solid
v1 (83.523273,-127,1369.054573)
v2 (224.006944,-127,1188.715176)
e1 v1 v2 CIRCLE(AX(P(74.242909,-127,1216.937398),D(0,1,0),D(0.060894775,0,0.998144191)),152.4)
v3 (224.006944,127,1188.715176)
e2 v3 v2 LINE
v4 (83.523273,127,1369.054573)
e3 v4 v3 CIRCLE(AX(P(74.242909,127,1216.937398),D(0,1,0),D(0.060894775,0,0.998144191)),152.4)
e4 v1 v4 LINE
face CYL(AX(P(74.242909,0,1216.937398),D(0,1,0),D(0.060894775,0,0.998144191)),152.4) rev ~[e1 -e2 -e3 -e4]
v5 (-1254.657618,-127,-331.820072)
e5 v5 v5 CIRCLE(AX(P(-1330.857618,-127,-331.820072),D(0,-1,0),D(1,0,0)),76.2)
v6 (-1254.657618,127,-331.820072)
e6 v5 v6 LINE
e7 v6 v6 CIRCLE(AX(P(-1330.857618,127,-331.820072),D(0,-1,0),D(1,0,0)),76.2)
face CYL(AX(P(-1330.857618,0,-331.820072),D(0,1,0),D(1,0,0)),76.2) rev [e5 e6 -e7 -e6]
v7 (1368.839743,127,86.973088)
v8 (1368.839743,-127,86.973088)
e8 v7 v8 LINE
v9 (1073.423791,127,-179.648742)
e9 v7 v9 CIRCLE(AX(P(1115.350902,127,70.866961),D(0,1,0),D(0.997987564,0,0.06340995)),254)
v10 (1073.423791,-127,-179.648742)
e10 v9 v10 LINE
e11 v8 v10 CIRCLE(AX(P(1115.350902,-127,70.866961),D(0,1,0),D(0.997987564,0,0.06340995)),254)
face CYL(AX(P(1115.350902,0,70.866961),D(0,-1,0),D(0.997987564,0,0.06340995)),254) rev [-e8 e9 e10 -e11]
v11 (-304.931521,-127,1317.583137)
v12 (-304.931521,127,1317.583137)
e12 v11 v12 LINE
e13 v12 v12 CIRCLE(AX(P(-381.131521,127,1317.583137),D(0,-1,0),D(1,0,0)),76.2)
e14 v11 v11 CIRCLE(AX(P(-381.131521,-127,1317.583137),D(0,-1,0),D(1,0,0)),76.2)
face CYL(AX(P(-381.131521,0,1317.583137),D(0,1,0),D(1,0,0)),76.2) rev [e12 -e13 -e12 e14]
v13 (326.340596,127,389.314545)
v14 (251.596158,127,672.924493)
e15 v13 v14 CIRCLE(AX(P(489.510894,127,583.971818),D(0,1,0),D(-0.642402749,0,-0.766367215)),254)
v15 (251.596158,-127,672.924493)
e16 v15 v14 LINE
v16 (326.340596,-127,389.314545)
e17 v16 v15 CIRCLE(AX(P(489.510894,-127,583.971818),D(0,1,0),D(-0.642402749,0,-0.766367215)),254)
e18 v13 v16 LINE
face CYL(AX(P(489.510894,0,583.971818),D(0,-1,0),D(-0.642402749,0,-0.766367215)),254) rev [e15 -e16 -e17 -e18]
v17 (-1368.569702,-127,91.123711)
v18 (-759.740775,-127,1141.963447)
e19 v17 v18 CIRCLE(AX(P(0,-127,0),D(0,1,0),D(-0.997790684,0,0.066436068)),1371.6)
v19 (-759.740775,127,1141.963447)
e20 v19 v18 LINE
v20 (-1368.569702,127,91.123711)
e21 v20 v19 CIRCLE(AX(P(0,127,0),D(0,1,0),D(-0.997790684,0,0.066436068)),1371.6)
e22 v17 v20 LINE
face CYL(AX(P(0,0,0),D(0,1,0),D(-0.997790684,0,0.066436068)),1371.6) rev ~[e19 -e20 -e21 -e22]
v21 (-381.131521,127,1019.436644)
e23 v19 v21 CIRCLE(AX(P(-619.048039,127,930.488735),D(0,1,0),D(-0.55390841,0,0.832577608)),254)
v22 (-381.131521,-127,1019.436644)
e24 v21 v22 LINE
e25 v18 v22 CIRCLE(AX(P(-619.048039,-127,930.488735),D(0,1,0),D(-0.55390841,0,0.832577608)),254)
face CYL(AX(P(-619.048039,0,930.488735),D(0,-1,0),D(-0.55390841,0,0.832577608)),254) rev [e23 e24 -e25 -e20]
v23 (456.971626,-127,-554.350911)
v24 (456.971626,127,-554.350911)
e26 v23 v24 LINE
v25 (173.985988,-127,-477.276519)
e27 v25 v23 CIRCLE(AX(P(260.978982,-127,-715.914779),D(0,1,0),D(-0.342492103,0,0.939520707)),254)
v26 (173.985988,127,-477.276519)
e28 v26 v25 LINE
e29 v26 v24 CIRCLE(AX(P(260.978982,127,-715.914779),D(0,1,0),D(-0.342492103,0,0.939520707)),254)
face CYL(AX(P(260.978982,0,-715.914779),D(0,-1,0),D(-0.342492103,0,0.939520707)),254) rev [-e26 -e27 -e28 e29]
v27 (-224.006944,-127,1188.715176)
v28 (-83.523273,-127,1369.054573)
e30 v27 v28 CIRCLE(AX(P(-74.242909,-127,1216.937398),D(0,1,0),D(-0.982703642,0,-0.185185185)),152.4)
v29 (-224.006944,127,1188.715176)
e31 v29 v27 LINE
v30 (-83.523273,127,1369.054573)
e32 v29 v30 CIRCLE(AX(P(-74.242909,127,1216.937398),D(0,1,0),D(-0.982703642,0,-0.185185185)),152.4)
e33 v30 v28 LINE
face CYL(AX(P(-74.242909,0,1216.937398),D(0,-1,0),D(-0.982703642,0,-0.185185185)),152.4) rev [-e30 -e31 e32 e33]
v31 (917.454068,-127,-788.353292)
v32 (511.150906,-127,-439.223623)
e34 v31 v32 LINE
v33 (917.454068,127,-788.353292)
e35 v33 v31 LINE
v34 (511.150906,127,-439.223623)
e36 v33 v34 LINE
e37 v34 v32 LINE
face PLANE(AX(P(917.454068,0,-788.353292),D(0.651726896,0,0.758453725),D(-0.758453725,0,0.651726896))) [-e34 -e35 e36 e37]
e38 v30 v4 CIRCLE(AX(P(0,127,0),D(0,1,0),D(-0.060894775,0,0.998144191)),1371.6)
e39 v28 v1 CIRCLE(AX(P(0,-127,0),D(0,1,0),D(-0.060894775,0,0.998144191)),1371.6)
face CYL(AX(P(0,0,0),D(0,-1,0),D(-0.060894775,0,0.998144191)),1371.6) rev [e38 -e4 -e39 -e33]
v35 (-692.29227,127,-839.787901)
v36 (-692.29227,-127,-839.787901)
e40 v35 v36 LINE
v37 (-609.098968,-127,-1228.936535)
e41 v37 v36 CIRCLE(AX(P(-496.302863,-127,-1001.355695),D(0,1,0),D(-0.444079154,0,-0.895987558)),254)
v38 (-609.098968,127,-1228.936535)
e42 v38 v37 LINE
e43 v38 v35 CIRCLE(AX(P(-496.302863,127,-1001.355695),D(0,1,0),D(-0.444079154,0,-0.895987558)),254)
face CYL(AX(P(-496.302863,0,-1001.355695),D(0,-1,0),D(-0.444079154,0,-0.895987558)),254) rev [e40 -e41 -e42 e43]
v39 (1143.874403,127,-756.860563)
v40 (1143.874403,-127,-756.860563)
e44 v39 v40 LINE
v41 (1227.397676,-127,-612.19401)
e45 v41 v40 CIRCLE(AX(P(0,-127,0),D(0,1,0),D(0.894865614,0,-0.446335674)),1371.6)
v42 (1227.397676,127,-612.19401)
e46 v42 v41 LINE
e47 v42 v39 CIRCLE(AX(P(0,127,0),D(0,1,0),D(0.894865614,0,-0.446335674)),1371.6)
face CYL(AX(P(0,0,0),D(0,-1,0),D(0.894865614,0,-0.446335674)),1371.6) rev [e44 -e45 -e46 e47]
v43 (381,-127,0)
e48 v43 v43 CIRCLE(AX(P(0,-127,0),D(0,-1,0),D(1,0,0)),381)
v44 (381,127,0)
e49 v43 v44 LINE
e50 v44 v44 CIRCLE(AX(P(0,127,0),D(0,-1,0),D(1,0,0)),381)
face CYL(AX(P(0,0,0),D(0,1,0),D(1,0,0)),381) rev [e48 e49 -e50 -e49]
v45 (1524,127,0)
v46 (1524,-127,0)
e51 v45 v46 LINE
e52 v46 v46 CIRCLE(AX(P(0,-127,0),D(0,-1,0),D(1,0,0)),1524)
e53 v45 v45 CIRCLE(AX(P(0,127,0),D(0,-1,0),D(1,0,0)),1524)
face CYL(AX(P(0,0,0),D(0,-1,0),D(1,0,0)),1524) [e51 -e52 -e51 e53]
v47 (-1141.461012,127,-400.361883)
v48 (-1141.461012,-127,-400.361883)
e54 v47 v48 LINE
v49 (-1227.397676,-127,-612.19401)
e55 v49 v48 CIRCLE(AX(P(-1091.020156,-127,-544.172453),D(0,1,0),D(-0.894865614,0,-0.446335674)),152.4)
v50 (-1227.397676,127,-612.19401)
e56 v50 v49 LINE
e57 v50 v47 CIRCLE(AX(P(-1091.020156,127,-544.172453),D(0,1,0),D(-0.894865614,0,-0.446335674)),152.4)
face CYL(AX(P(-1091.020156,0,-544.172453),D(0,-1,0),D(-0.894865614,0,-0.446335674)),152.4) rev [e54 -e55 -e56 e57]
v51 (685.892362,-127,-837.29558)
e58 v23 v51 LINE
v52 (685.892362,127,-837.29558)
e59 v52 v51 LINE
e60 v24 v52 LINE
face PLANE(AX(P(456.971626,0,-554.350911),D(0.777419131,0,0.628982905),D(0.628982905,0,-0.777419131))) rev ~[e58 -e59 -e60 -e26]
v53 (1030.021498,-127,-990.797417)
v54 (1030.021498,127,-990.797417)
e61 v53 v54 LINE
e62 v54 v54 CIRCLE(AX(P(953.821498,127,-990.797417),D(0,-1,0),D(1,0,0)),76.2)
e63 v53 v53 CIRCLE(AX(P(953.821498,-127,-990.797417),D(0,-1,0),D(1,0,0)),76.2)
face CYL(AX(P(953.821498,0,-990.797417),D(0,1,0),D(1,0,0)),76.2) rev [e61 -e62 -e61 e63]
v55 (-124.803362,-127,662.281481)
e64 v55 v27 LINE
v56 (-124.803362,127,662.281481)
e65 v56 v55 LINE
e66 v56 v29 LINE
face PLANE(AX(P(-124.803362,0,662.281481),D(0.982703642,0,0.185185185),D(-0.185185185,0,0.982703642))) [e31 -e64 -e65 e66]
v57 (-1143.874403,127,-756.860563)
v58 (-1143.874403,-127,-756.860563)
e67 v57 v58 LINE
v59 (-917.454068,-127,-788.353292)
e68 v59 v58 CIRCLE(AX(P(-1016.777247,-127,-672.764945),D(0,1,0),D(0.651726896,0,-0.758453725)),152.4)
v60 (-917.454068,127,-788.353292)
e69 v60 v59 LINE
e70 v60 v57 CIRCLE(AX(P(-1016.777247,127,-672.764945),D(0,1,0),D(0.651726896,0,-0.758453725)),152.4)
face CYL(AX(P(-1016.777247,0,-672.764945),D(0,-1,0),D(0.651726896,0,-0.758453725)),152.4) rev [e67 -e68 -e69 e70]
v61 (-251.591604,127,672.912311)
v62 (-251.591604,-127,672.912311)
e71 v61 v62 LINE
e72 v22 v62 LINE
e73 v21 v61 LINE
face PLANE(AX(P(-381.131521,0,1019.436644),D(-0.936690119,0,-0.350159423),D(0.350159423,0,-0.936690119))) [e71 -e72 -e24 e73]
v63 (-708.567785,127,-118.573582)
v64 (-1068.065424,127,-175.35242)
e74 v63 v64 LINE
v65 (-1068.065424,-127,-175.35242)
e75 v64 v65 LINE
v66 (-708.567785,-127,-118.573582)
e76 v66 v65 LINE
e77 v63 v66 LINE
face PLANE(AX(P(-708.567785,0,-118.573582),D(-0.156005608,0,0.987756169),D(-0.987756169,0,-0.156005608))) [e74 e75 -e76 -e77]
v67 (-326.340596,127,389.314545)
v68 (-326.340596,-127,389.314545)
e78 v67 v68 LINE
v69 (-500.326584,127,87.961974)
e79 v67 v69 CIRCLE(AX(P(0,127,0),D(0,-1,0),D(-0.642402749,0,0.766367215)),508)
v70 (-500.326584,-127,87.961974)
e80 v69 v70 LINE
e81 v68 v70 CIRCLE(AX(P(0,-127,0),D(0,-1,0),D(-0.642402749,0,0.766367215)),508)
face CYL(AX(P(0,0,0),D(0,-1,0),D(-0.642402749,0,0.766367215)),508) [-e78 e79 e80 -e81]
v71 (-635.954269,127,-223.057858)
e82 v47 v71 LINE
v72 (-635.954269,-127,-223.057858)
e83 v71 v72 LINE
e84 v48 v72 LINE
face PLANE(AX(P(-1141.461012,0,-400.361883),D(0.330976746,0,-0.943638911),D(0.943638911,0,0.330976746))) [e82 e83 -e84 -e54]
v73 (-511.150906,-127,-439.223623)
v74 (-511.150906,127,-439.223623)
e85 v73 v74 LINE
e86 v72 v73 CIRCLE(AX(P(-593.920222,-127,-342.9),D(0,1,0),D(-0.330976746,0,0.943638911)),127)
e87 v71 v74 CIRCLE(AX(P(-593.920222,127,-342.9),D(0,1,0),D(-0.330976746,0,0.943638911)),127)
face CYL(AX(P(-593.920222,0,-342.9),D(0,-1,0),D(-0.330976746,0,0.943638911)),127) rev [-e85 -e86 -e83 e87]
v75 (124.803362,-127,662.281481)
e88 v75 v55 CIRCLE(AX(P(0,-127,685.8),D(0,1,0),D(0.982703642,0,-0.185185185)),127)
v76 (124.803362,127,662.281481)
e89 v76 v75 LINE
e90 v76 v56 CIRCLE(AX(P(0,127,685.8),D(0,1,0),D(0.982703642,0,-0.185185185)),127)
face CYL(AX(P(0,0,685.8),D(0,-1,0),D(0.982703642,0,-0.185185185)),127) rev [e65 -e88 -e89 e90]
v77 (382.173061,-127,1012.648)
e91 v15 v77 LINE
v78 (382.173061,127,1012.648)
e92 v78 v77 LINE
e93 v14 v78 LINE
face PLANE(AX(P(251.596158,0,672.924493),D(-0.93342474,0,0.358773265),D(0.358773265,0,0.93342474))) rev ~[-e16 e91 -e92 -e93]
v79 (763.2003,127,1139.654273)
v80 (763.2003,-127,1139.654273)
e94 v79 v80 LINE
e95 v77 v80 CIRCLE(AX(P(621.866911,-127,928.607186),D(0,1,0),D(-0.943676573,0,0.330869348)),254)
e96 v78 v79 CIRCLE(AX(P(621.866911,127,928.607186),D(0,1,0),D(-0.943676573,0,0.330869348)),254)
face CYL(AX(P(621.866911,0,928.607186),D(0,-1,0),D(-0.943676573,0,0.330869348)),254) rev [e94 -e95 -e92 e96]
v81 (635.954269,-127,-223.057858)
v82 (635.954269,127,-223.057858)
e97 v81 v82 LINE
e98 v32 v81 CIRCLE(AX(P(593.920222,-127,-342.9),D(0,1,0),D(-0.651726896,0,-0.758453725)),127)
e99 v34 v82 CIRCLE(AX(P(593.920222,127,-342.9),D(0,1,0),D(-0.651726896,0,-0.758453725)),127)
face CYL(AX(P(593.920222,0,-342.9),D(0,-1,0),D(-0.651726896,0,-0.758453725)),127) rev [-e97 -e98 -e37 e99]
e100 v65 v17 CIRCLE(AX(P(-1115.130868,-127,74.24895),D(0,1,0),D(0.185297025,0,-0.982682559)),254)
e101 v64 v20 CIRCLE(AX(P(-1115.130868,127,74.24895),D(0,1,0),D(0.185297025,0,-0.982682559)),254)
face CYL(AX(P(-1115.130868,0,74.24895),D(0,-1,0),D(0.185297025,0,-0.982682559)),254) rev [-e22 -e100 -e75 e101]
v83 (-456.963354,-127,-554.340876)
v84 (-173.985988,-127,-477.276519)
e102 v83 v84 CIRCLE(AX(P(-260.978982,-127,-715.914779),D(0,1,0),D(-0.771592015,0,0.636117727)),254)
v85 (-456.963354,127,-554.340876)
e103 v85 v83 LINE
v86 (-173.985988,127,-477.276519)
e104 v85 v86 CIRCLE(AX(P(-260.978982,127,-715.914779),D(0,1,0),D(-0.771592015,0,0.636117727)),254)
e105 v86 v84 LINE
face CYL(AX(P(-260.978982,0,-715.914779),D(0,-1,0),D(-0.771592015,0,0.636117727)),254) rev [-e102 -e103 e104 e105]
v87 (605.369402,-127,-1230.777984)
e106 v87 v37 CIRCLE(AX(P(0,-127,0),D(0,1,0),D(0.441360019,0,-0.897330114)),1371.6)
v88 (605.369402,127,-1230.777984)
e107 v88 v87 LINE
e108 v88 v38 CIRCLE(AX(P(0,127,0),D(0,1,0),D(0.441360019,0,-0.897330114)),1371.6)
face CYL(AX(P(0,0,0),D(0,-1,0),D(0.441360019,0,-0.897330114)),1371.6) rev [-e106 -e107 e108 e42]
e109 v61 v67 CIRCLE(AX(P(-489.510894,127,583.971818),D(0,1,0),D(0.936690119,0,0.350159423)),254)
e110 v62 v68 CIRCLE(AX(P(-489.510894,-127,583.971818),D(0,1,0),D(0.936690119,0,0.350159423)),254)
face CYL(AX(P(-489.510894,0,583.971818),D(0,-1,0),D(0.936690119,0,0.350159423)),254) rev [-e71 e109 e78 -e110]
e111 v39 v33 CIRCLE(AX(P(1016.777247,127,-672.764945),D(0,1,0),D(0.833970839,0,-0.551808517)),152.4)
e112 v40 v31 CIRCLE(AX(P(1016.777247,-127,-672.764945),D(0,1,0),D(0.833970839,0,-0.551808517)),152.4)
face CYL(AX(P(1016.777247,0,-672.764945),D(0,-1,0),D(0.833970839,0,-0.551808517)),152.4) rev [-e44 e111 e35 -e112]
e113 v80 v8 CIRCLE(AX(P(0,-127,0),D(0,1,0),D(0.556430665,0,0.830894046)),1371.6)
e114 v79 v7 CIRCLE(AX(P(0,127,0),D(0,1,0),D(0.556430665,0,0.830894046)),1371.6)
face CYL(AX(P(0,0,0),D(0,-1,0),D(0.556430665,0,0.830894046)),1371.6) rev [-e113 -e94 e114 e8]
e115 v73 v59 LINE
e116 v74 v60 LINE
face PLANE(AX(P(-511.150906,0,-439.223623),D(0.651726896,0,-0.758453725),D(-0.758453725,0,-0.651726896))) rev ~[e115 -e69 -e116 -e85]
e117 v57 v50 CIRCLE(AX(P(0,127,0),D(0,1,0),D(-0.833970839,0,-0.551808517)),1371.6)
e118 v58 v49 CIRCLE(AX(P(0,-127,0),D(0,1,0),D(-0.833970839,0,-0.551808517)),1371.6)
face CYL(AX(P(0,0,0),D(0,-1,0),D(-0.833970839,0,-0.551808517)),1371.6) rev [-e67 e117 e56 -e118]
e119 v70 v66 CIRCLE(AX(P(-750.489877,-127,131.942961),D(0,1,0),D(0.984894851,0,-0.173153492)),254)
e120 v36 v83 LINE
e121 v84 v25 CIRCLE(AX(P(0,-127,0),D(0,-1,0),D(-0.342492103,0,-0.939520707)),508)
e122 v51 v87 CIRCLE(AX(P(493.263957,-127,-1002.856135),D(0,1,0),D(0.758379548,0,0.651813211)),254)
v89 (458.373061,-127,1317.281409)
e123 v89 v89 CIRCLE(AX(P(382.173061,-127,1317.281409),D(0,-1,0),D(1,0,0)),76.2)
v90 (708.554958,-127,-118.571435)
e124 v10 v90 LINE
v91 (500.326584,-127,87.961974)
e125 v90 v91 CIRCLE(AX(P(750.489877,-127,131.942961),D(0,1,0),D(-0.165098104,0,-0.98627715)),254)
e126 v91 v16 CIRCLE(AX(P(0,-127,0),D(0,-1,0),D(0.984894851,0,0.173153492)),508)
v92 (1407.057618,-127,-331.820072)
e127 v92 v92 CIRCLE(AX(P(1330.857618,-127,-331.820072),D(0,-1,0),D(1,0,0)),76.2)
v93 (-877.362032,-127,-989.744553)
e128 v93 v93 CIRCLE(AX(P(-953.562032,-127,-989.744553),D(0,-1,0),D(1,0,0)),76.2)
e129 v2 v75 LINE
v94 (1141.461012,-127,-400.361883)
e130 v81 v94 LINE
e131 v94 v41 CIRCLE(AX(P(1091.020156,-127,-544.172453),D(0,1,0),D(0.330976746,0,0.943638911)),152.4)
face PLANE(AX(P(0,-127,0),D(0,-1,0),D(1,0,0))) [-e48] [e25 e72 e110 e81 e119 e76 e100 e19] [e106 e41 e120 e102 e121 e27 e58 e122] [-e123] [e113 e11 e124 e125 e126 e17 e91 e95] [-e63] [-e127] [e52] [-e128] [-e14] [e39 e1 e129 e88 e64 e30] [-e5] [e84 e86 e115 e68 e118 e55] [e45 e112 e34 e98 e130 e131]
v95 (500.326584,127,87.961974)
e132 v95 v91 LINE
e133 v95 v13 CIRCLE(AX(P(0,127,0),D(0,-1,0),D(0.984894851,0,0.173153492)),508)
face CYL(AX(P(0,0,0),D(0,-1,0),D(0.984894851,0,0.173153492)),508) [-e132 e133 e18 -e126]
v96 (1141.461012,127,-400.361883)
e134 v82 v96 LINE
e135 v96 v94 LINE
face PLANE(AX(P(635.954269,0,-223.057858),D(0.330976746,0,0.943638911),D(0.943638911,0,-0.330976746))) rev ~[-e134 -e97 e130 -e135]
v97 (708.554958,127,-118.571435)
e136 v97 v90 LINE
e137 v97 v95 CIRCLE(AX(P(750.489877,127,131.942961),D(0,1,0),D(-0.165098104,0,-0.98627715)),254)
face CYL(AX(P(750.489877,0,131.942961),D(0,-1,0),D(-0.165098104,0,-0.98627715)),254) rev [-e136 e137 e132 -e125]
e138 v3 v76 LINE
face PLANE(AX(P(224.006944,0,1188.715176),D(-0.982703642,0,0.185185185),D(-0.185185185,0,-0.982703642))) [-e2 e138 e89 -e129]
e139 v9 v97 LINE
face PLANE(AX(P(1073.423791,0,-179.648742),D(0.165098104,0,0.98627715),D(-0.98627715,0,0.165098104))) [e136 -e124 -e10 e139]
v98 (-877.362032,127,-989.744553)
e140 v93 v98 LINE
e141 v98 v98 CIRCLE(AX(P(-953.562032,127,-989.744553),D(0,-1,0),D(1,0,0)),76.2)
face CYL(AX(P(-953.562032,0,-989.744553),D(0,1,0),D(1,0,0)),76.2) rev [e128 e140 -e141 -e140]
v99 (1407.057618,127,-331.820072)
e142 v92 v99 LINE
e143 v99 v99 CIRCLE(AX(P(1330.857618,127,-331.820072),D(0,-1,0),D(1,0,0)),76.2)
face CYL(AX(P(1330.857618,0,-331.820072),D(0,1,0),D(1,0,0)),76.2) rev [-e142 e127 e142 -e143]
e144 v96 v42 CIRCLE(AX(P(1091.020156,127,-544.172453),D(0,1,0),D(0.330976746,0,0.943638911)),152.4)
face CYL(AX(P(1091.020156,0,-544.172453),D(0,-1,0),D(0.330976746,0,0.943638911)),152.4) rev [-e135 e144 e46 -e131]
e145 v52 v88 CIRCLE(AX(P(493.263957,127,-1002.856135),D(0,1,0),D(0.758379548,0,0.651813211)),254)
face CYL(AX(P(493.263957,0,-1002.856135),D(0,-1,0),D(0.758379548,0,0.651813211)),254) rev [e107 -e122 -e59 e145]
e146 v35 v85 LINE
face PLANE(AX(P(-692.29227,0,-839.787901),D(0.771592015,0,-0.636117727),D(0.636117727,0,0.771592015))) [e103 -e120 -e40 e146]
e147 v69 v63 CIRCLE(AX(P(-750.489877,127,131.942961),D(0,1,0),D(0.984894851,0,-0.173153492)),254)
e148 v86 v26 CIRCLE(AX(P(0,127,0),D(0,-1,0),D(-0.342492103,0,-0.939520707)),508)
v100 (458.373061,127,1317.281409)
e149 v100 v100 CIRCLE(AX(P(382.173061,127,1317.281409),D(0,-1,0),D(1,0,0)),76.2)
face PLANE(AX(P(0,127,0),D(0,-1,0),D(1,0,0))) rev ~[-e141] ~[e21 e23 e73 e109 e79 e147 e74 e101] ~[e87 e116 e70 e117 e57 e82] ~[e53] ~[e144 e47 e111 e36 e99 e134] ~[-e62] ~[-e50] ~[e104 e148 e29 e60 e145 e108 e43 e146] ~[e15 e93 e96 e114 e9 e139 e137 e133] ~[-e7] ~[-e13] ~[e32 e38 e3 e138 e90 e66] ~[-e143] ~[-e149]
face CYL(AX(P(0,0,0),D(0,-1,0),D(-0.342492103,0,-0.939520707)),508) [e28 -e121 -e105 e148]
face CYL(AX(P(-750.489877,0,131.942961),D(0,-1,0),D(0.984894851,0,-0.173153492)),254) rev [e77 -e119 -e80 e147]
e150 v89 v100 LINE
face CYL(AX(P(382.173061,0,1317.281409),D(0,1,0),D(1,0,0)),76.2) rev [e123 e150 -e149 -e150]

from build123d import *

# Parameters (mm, degrees)
F0_R     = 1524
F0_R_2   = 76.2
F0_R_3   = 381
F1_DEPTH = 127


with BuildPart() as f1:
    # F0 (on Front) → F1 (new body, symmetric)
    with BuildSketch(Plane.XZ):
        Circle(F0_R)
        with Locations((-953.5620317593, -989.7445528567)):
            Circle(F0_R_2, mode=Mode.SUBTRACT)
        with BuildLine():
            ThreePointArc((-456.963354047, -554.3408762981), (-327.721089545, -470.8403186392), (-173.9859882065, -477.2765193342))
            ThreePointArc((-173.9859882065, -477.2765193342), (0, -508), (173.9859882065, -477.2765193342))
            ThreePointArc((173.9859882065, -477.2765193342), (327.7273635176, -470.8420273415), (456.9716264903, -554.3509110508))
            Line((456.9716264903, -554.3509110508), (685.8923624469, -837.2955798757))
            ThreePointArc((685.8923624469, -837.2955798757), (742.1068405038, -1053.7797989831), (605.369402218, -1230.7779843885))
            ThreePointArc((605.369402218, -1230.7779843885), (-2.0796992464, -1371.5984233183), (-609.0989679173, -1228.936535091))
            ThreePointArc((-609.0989679173, -1228.936535091), (-744.6902377392, -1054.4566551818), (-692.2922703786, -839.7879011408))
            Line((-692.2922703786, -839.7879011408), (-456.963354047, -554.3408762981))
        make_face(mode=Mode.SUBTRACT)
        with BuildLine():
            Line((-1141.4610121703, -400.3618834196), (-635.9542686597, -223.057858354))
            ThreePointArc((-635.9542686597, -223.057858354), (-483.9349956347, -279.4), (-511.1509061782, -439.2236231275))
            Line((-511.1509061782, -439.2236231275), (-917.4540678335, -788.3532922592))
            ThreePointArc((-917.4540678335, -788.3532922592), (-1037.7723998445, -823.7118343225), (-1143.8744025578, -756.8605625695))
            ThreePointArc((-1143.8744025578, -756.8605625695), (-1187.8404438307, -685.8), (-1227.3976755867, -612.1940100691))
            ThreePointArc((-1227.3976755867, -612.1940100691), (-1232.2415738434, -486.8813444505), (-1141.4610121703, -400.3618834196))
        make_face(mode=Mode.SUBTRACT)
        with Locations((-1330.8576181602, -331.8200720045)):
            Circle(F0_R_2, mode=Mode.SUBTRACT)
        with Locations((953.8214978061, -990.797417367)):
            Circle(F0_R_2, mode=Mode.SUBTRACT)
        with BuildLine():
            Line((917.4540678335, -788.3532922592), (511.1509061782, -439.2236231275))
            ThreePointArc((511.1509061782, -439.2236231275), (483.9349956347, -279.4), (635.9542686597, -223.057858354))
            Line((635.9542686597, -223.057858354), (1141.4610121703, -400.3618834196))
            ThreePointArc((1141.4610121703, -400.3618834196), (1232.2415738434, -486.8813444505), (1227.3976755867, -612.1940100691))
            ThreePointArc((1227.3976755867, -612.1940100691), (1187.8404438307, -685.8), (1143.8744025578, -756.8605625695))
            ThreePointArc((1143.8744025578, -756.8605625695), (1037.7723998445, -823.7118343225), (917.4540678335, -788.3532922592))
        make_face(mode=Mode.SUBTRACT)
        with Locations((1330.8576181602, -331.8200720043)):
            Circle(F0_R_2, mode=Mode.SUBTRACT)
        with BuildLine():
            ThreePointArc((-500.3265844765, 87.9619739777), (-571.6248386059, -48.3992086508), (-708.5677848262, -118.5735818239))
            Line((-708.5677848262, -118.5735818239), (-1068.0654238722, -175.3524202029))
            ThreePointArc((-1068.0654238722, -175.3524202029), (-1283.6534961661, -115.793476707), (-1368.569702008, 91.1237111996))
            ThreePointArc((-1368.569702008, 91.1237111996), (-1186.7992287612, 687.6002840388), (-759.740775069, 1141.9634471808))
            ThreePointArc((-759.740775069, 1141.9634471808), (-540.8411317074, 1172.1489914233), (-381.1315209894, 1019.4366435619))
            Line((-381.1315209894, 1019.4366435619), (-251.5916042068, 672.9123113523))
            ThreePointArc((-251.5916042068, 672.9123113523), (-243.899132295, 519.2349482215), (-326.34059627, 389.3145453565))
            ThreePointArc((-326.34059627, 389.3145453565), (-439.9409051225, 254), (-500.3265844765, 87.9619739777))
        make_face(mode=Mode.SUBTRACT)
        with Locations((-381.1315209894, 1317.5831373041)):
            Circle(F0_R_2, mode=Mode.SUBTRACT)
        Circle(F0_R_3, mode=Mode.SUBTRACT)
        with BuildLine():
            ThreePointArc((708.5549582538, -118.5714350542), (571.62022184, -48.3946295823), (500.3265844765, 87.9619739778))
            ThreePointArc((500.3265844765, 87.9619739778), (439.9409051225, 254), (326.34059627, 389.3145453565))
            ThreePointArc((326.34059627, 389.3145453565), (243.8974750883, 519.2412359922), (251.5961583359, 672.9244928747))
            Line((251.5961583359, 672.9244928747), (382.1730614253, 1012.6480000786))
            ThreePointArc((382.1730614253, 1012.6480000786), (541.5466556623, 1169.5732756901), (763.20029979, 1139.6542731888))
            ThreePointArc((763.20029979, 1139.6542731888), (1188.8789280076, 683.9981392796), (1368.8397429863, 86.9730879103))
            ThreePointArc((1368.8397429863, 86.9730879103), (1285.5313694466, -117.6923362415), (1073.423791368, -179.6487424211))
            Line((1073.423791368, -179.6487424211), (708.5549582538, -118.5714350542))
        make_face(mode=Mode.SUBTRACT)
        with BuildLine():
            ThreePointArc((-224.0069443368, 1188.7151756787), (-194.4691739989, 1310.5931787729), (-83.5232730288, 1369.0545726386))
            ThreePointArc((-83.5232730288, 1369.0545726386), (0, 1371.6), (83.5232730288, 1369.0545726386))
            ThreePointArc((83.5232730288, 1369.0545726386), (194.4691739989, 1310.5931787729), (224.0069443368, 1188.7151756787))
            Line((224.0069443368, 1188.7151756787), (124.8033624815, 662.2814814815))
            ThreePointArc((124.8033624815, 662.2814814815), (0, 558.8), (-124.8033624815, 662.2814814815))
            Line((-124.8033624815, 662.2814814815), (-224.0069443368, 1188.7151756787))
        make_face(mode=Mode.SUBTRACT)
        with Locations((382.1730614253, 1317.2814092368)):
            Circle(F0_R_2, mode=Mode.SUBTRACT)
    extrude(amount=F1_DEPTH, both=True)


solid = f1.part
